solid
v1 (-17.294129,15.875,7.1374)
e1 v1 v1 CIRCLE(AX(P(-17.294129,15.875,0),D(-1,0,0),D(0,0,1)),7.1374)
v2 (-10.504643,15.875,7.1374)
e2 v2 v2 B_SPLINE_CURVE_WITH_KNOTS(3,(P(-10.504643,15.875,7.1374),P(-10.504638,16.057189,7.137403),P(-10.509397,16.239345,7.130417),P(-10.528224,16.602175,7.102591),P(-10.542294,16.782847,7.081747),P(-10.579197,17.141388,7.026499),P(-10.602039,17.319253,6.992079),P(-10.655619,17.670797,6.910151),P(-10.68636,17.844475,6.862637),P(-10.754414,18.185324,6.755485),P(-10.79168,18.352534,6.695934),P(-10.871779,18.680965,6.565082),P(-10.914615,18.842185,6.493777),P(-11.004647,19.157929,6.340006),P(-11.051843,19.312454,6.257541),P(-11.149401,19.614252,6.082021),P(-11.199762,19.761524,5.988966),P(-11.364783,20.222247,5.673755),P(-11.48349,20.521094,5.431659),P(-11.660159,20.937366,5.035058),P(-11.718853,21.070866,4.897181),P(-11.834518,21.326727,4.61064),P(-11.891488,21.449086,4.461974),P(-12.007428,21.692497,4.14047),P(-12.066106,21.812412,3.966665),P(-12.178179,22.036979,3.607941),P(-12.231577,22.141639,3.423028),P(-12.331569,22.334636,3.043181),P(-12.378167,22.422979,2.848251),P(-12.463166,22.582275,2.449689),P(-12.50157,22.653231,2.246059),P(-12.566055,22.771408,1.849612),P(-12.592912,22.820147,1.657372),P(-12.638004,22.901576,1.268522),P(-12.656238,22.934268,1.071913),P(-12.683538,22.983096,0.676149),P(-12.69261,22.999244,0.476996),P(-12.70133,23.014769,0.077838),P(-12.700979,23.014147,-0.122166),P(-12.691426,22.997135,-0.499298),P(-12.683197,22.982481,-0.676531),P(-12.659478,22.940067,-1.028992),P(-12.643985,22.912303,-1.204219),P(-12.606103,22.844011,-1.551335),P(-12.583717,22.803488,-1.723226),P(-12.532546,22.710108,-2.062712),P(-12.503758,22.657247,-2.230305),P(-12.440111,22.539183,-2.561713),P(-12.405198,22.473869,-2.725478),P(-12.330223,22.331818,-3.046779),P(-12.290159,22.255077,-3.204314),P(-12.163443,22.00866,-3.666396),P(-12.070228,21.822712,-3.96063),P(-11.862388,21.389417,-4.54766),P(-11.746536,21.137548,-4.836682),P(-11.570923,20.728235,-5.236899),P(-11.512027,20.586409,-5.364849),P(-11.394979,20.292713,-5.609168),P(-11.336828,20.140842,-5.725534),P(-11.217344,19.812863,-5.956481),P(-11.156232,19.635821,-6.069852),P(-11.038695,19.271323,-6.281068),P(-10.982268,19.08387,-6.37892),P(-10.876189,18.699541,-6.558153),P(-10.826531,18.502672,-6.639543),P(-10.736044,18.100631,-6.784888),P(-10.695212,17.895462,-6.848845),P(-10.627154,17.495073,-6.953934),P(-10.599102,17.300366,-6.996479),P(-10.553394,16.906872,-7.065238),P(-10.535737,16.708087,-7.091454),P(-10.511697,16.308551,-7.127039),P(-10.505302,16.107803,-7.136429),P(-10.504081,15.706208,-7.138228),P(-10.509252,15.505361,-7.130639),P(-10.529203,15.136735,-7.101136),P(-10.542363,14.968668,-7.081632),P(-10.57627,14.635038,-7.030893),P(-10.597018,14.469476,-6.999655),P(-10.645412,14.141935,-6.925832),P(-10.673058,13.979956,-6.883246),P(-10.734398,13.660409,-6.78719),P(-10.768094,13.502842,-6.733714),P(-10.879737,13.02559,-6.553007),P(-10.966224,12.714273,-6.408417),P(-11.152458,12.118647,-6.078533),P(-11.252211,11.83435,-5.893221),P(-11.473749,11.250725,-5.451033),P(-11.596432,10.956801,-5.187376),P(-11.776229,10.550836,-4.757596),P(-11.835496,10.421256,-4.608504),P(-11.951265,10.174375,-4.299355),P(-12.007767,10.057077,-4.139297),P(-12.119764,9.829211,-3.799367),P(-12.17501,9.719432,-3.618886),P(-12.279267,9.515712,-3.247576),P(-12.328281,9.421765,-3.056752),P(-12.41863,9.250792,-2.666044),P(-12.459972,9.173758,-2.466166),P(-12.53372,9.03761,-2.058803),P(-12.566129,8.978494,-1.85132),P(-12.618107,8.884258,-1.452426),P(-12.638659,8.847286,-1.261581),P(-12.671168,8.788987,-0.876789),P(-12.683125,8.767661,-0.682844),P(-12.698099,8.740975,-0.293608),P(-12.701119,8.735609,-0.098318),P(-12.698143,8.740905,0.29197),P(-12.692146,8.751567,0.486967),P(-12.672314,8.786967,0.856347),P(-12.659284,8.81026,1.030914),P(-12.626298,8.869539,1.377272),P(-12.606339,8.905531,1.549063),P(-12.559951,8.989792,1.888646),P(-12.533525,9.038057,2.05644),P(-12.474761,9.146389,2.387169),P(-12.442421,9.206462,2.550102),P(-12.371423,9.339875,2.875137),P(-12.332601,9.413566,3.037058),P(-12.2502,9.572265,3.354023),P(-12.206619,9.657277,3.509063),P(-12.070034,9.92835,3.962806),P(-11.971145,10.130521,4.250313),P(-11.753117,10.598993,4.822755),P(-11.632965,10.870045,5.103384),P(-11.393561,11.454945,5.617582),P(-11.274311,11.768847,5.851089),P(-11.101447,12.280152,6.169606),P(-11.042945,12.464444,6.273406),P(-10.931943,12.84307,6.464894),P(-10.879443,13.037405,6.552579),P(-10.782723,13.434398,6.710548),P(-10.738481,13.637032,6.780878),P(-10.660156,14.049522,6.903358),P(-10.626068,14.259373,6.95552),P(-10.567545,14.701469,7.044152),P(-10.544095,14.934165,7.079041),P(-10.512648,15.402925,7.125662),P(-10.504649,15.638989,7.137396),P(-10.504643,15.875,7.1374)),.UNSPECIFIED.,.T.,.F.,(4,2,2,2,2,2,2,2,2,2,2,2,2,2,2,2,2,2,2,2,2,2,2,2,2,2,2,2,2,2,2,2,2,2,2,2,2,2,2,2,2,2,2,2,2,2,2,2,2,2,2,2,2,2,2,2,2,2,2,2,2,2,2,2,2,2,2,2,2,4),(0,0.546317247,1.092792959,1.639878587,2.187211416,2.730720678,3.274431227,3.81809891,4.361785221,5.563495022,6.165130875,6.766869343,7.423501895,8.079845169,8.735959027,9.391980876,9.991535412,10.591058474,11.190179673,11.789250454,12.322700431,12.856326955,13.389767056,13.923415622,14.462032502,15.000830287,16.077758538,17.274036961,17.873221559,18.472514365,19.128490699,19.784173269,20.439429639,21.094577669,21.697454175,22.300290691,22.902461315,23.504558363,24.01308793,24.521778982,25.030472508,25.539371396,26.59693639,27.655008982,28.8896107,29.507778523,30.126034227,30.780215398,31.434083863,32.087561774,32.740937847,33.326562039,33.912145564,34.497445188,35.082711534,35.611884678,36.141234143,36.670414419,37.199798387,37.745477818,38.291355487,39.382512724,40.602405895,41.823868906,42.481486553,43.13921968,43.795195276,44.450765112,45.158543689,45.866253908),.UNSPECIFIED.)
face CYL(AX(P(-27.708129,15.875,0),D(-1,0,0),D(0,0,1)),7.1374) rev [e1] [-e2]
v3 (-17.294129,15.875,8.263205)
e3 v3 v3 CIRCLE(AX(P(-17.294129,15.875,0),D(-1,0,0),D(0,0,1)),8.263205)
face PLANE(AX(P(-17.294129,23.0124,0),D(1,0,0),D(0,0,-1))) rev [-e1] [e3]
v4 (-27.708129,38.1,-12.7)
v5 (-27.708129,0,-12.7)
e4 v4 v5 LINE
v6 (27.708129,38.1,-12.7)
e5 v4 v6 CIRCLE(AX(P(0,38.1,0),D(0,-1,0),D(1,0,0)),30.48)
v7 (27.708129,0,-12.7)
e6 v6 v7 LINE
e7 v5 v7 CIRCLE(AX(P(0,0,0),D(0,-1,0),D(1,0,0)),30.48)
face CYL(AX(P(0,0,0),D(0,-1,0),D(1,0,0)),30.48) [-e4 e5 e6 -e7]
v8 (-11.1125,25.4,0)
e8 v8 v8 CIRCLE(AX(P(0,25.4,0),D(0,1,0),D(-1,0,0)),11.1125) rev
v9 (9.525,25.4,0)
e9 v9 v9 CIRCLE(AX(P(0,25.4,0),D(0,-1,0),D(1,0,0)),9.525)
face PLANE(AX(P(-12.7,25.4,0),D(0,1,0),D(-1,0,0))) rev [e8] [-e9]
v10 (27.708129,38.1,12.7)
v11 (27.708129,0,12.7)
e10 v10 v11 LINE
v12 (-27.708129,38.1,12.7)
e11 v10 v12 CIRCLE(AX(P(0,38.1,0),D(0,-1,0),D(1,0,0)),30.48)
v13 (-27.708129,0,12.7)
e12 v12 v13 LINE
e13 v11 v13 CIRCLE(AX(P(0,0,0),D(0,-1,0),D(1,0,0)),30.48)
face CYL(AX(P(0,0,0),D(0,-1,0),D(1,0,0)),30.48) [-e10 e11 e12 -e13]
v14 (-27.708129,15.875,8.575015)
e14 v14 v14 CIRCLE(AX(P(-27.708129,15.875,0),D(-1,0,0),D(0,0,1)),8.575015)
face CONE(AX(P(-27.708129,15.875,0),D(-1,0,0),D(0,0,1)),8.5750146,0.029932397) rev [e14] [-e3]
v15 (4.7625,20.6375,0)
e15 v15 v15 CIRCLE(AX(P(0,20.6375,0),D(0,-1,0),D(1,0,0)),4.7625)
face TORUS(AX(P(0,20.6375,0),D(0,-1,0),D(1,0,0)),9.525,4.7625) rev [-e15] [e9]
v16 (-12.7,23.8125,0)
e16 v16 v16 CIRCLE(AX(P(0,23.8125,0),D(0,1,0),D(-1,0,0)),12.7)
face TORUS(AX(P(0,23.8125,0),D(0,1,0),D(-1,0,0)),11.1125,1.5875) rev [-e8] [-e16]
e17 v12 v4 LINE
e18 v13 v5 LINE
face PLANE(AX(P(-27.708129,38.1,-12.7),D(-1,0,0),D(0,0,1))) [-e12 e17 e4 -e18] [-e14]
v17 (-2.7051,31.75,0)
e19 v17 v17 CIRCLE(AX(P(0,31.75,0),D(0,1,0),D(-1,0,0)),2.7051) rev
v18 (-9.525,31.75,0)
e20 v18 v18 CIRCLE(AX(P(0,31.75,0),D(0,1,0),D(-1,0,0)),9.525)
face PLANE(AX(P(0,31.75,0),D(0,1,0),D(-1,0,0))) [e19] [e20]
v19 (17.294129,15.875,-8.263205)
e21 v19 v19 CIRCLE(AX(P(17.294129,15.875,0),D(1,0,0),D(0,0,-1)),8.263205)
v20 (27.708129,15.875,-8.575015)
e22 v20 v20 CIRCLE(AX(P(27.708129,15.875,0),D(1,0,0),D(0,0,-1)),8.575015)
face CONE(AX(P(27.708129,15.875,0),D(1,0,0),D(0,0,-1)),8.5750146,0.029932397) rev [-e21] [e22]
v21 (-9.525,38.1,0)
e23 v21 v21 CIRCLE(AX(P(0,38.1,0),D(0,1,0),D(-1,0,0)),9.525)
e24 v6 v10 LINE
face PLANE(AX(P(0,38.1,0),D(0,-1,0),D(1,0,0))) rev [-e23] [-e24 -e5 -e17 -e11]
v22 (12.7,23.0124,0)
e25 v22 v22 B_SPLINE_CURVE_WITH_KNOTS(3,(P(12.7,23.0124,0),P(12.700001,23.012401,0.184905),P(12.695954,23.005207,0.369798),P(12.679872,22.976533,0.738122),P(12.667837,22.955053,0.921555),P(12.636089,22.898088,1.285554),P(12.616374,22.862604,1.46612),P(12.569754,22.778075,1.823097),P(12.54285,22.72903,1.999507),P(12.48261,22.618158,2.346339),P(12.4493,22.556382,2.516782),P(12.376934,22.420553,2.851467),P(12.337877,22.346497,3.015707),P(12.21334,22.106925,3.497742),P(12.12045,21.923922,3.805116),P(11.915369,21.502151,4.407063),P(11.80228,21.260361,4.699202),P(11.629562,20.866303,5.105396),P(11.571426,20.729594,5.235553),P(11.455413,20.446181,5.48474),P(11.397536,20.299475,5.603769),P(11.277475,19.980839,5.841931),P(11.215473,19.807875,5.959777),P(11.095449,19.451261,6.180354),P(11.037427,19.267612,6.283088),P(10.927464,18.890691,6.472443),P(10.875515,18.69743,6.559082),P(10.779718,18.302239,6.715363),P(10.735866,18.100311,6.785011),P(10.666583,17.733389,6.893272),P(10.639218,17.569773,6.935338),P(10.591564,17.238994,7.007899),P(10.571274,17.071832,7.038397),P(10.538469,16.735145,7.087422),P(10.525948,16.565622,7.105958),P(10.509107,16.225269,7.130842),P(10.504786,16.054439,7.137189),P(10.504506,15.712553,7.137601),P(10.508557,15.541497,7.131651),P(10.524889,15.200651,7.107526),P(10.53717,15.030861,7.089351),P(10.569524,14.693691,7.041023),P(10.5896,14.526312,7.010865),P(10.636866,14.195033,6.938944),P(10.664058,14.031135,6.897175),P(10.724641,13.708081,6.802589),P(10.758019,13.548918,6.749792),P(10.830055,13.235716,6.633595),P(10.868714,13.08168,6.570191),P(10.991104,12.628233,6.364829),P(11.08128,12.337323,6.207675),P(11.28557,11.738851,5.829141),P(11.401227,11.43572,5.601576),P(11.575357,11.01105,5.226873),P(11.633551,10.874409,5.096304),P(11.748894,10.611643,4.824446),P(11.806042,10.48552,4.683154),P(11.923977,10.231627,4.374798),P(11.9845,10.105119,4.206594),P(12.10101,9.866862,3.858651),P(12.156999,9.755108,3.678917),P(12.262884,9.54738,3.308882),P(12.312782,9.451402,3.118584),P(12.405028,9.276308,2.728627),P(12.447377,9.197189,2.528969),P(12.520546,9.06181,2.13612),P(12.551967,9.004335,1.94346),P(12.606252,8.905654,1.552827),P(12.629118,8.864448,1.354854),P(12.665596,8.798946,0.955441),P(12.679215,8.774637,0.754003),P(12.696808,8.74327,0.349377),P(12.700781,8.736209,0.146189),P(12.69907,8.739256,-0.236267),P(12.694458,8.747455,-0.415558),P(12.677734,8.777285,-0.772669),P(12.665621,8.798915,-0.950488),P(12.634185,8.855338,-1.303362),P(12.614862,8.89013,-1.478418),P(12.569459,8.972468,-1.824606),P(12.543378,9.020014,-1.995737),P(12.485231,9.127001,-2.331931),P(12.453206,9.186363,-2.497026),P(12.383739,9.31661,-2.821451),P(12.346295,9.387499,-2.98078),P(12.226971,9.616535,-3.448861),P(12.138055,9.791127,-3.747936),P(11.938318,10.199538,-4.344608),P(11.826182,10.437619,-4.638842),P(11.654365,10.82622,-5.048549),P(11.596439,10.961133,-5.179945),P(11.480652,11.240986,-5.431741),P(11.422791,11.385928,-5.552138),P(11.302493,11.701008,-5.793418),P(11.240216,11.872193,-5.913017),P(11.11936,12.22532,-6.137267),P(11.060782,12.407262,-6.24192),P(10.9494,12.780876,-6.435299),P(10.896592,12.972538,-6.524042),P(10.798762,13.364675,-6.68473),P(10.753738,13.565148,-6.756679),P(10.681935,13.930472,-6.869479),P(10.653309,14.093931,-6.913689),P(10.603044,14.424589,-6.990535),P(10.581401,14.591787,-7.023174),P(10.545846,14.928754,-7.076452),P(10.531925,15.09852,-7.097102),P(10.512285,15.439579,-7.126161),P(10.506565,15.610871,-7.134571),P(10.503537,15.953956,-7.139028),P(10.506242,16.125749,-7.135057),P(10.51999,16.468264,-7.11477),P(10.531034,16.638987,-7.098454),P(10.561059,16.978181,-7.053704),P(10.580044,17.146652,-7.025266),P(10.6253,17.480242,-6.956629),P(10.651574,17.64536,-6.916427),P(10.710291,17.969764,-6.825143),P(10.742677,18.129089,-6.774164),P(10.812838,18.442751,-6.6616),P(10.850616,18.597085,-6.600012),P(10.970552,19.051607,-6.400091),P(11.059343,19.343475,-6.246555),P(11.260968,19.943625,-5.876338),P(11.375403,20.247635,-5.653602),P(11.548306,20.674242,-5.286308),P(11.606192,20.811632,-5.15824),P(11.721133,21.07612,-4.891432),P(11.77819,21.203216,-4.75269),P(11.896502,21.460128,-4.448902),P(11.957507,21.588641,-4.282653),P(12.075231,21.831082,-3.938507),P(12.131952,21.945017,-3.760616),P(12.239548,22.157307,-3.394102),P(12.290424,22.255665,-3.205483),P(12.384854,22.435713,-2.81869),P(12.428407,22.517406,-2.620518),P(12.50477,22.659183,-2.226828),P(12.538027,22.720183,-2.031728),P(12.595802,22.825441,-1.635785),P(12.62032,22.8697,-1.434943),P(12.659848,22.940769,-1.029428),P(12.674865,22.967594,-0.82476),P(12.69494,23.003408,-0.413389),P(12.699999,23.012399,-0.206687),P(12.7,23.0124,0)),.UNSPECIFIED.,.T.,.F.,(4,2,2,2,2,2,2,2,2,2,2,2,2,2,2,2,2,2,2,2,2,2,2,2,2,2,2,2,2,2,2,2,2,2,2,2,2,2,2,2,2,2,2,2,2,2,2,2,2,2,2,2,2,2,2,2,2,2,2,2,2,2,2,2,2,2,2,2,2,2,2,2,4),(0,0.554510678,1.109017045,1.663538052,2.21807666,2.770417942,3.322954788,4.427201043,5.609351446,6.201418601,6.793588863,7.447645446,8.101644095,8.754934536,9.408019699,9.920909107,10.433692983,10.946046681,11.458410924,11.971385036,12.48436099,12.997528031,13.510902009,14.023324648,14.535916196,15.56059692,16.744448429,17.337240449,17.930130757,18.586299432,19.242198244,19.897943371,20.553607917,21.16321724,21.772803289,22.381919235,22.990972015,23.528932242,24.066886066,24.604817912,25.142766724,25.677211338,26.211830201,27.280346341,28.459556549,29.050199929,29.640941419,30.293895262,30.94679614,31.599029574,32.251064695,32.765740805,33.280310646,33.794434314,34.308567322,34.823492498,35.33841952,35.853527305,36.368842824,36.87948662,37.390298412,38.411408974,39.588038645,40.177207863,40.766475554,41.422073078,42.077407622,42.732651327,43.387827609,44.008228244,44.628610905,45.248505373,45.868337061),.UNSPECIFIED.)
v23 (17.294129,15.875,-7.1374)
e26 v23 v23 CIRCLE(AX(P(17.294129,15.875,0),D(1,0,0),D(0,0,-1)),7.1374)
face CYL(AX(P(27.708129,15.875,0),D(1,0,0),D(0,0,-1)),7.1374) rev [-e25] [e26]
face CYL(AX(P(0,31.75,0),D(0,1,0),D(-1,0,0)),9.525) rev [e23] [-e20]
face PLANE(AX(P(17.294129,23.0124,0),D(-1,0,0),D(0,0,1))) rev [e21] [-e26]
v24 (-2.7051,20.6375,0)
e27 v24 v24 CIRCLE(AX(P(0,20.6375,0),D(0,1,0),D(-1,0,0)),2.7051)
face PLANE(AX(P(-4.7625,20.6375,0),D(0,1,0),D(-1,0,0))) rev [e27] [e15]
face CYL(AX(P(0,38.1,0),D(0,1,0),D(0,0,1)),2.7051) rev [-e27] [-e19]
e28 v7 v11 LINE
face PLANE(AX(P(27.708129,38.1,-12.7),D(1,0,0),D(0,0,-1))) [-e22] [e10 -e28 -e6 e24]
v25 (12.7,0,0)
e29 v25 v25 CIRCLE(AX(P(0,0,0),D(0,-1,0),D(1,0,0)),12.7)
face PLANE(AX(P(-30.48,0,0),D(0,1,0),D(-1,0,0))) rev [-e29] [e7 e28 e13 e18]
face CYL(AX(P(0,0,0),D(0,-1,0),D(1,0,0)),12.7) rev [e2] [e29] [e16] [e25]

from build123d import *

# Parameters (mm, degrees)
F_1_4_28_TAPPED_HOLE1_D = 5.4102
SKETCH4_W               = 25.4
SKETCH4_H               = 25.4
FLATS_DEPTH             = 58.529738397
FILLET1_R               = 1.5875
SKETCH7_R               = 9.525
CUT_EXTRUDE1_DEPTH      = 6.35


with BuildPart() as part:
    # Sketch1 → Revolve1 (revolve)
    with BuildSketch(Plane.XY, mode=Mode.PRIVATE) as revolve1_sk:
        with BuildLine():
            Line((0, 38.1), (-30.48, 38.1))
            Line((-30.48, 38.1), (-30.48, 0))
            Line((-30.48, 0), (-12.7, 0))
            Line((-12.7, 0), (-12.7, 25.4))
            Line((-12.7, 25.4), (-9.525, 25.4))
            ThreePointArc((-9.525, 25.4), (-6.157403955, 24.005096045), (-4.7625, 20.6375))
            Line((-4.7625, 20.6375), (0, 20.6375))
            Line((0, 20.6375), (0, 38.1))
        make_face()
    revolve(revolve1_sk.sketch.rotate(Axis((0, 0, 0), (0, 1, 0)), 180), axis=Axis((0, 0, 0), (0, 1, 0)))

    # 1/4-28 Tapped Hole1 (through all)
    with Locations(Plane(origin=(0, 38.1, 0), x_dir=(1, 0, 0), z_dir=(0, 1, 0))):
        with Locations((0, 0)):
            Hole(F_1_4_28_TAPPED_HOLE1_D / 2)

    # Sketch4 → flats (cut, through all)
    with BuildSketch(Plane(origin=(0, 0, 0), x_dir=(1, 0, 0), z_dir=(0, 1, 0))):
        with Locations((-40.408128771, 0)):
            Rectangle(SKETCH4_W, SKETCH4_H)
        with Locations((40.408128771, 0)):
            Rectangle(SKETCH4_W, SKETCH4_H)
    extrude(amount=FLATS_DEPTH, mode=Mode.SUBTRACT)

    # Sketch6 → 3/8 NPT Tapped Hole1 (revolve, cut)
    with BuildSketch(Plane(origin=(27.708128771, 15.875, 0), x_dir=(0, 0, -1), z_dir=(0, 1, 0))):
        Polygon((0, 0), (0, 21.814582582), (7.1374, 17.526), (7.1374, 10.414), (8.263205494, 10.414), (8.5750146, 0), align=None)
    f_3_8_npt_tapped_hole1 = revolve(axis=Axis((34.058128771, 15.875, 0), (-1, 0, 0)), mode=Mode.SUBTRACT)

    # Mirror1: 3/8 NPT Tapped Hole1 across plane
    add(f_3_8_npt_tapped_hole1.mirror(Plane(origin=(0, 0, 0), x_dir=(0, 0, 1), z_dir=(1, 0, 0))), mode=Mode.SUBTRACT)

    # Fillet1
    fillet1_edges = [part.edges().sort_by_distance(p)[0] for p in [
        (-12.7, 25.4, 0),
    ]]
    fillet(fillet1_edges, radius=FILLET1_R)

    # Sketch7 → Cut-Extrude1 (cut)
    with BuildSketch(Plane(origin=(0, 38.1, 0), x_dir=(1, 0, 0), z_dir=(0, 1, 0))):
        with Locations(Location((0, 0, 0), (0, 0, 180))):
            Circle(SKETCH7_R)
    extrude(amount=-CUT_EXTRUDE1_DEPTH, mode=Mode.SUBTRACT)


solid = part.part
